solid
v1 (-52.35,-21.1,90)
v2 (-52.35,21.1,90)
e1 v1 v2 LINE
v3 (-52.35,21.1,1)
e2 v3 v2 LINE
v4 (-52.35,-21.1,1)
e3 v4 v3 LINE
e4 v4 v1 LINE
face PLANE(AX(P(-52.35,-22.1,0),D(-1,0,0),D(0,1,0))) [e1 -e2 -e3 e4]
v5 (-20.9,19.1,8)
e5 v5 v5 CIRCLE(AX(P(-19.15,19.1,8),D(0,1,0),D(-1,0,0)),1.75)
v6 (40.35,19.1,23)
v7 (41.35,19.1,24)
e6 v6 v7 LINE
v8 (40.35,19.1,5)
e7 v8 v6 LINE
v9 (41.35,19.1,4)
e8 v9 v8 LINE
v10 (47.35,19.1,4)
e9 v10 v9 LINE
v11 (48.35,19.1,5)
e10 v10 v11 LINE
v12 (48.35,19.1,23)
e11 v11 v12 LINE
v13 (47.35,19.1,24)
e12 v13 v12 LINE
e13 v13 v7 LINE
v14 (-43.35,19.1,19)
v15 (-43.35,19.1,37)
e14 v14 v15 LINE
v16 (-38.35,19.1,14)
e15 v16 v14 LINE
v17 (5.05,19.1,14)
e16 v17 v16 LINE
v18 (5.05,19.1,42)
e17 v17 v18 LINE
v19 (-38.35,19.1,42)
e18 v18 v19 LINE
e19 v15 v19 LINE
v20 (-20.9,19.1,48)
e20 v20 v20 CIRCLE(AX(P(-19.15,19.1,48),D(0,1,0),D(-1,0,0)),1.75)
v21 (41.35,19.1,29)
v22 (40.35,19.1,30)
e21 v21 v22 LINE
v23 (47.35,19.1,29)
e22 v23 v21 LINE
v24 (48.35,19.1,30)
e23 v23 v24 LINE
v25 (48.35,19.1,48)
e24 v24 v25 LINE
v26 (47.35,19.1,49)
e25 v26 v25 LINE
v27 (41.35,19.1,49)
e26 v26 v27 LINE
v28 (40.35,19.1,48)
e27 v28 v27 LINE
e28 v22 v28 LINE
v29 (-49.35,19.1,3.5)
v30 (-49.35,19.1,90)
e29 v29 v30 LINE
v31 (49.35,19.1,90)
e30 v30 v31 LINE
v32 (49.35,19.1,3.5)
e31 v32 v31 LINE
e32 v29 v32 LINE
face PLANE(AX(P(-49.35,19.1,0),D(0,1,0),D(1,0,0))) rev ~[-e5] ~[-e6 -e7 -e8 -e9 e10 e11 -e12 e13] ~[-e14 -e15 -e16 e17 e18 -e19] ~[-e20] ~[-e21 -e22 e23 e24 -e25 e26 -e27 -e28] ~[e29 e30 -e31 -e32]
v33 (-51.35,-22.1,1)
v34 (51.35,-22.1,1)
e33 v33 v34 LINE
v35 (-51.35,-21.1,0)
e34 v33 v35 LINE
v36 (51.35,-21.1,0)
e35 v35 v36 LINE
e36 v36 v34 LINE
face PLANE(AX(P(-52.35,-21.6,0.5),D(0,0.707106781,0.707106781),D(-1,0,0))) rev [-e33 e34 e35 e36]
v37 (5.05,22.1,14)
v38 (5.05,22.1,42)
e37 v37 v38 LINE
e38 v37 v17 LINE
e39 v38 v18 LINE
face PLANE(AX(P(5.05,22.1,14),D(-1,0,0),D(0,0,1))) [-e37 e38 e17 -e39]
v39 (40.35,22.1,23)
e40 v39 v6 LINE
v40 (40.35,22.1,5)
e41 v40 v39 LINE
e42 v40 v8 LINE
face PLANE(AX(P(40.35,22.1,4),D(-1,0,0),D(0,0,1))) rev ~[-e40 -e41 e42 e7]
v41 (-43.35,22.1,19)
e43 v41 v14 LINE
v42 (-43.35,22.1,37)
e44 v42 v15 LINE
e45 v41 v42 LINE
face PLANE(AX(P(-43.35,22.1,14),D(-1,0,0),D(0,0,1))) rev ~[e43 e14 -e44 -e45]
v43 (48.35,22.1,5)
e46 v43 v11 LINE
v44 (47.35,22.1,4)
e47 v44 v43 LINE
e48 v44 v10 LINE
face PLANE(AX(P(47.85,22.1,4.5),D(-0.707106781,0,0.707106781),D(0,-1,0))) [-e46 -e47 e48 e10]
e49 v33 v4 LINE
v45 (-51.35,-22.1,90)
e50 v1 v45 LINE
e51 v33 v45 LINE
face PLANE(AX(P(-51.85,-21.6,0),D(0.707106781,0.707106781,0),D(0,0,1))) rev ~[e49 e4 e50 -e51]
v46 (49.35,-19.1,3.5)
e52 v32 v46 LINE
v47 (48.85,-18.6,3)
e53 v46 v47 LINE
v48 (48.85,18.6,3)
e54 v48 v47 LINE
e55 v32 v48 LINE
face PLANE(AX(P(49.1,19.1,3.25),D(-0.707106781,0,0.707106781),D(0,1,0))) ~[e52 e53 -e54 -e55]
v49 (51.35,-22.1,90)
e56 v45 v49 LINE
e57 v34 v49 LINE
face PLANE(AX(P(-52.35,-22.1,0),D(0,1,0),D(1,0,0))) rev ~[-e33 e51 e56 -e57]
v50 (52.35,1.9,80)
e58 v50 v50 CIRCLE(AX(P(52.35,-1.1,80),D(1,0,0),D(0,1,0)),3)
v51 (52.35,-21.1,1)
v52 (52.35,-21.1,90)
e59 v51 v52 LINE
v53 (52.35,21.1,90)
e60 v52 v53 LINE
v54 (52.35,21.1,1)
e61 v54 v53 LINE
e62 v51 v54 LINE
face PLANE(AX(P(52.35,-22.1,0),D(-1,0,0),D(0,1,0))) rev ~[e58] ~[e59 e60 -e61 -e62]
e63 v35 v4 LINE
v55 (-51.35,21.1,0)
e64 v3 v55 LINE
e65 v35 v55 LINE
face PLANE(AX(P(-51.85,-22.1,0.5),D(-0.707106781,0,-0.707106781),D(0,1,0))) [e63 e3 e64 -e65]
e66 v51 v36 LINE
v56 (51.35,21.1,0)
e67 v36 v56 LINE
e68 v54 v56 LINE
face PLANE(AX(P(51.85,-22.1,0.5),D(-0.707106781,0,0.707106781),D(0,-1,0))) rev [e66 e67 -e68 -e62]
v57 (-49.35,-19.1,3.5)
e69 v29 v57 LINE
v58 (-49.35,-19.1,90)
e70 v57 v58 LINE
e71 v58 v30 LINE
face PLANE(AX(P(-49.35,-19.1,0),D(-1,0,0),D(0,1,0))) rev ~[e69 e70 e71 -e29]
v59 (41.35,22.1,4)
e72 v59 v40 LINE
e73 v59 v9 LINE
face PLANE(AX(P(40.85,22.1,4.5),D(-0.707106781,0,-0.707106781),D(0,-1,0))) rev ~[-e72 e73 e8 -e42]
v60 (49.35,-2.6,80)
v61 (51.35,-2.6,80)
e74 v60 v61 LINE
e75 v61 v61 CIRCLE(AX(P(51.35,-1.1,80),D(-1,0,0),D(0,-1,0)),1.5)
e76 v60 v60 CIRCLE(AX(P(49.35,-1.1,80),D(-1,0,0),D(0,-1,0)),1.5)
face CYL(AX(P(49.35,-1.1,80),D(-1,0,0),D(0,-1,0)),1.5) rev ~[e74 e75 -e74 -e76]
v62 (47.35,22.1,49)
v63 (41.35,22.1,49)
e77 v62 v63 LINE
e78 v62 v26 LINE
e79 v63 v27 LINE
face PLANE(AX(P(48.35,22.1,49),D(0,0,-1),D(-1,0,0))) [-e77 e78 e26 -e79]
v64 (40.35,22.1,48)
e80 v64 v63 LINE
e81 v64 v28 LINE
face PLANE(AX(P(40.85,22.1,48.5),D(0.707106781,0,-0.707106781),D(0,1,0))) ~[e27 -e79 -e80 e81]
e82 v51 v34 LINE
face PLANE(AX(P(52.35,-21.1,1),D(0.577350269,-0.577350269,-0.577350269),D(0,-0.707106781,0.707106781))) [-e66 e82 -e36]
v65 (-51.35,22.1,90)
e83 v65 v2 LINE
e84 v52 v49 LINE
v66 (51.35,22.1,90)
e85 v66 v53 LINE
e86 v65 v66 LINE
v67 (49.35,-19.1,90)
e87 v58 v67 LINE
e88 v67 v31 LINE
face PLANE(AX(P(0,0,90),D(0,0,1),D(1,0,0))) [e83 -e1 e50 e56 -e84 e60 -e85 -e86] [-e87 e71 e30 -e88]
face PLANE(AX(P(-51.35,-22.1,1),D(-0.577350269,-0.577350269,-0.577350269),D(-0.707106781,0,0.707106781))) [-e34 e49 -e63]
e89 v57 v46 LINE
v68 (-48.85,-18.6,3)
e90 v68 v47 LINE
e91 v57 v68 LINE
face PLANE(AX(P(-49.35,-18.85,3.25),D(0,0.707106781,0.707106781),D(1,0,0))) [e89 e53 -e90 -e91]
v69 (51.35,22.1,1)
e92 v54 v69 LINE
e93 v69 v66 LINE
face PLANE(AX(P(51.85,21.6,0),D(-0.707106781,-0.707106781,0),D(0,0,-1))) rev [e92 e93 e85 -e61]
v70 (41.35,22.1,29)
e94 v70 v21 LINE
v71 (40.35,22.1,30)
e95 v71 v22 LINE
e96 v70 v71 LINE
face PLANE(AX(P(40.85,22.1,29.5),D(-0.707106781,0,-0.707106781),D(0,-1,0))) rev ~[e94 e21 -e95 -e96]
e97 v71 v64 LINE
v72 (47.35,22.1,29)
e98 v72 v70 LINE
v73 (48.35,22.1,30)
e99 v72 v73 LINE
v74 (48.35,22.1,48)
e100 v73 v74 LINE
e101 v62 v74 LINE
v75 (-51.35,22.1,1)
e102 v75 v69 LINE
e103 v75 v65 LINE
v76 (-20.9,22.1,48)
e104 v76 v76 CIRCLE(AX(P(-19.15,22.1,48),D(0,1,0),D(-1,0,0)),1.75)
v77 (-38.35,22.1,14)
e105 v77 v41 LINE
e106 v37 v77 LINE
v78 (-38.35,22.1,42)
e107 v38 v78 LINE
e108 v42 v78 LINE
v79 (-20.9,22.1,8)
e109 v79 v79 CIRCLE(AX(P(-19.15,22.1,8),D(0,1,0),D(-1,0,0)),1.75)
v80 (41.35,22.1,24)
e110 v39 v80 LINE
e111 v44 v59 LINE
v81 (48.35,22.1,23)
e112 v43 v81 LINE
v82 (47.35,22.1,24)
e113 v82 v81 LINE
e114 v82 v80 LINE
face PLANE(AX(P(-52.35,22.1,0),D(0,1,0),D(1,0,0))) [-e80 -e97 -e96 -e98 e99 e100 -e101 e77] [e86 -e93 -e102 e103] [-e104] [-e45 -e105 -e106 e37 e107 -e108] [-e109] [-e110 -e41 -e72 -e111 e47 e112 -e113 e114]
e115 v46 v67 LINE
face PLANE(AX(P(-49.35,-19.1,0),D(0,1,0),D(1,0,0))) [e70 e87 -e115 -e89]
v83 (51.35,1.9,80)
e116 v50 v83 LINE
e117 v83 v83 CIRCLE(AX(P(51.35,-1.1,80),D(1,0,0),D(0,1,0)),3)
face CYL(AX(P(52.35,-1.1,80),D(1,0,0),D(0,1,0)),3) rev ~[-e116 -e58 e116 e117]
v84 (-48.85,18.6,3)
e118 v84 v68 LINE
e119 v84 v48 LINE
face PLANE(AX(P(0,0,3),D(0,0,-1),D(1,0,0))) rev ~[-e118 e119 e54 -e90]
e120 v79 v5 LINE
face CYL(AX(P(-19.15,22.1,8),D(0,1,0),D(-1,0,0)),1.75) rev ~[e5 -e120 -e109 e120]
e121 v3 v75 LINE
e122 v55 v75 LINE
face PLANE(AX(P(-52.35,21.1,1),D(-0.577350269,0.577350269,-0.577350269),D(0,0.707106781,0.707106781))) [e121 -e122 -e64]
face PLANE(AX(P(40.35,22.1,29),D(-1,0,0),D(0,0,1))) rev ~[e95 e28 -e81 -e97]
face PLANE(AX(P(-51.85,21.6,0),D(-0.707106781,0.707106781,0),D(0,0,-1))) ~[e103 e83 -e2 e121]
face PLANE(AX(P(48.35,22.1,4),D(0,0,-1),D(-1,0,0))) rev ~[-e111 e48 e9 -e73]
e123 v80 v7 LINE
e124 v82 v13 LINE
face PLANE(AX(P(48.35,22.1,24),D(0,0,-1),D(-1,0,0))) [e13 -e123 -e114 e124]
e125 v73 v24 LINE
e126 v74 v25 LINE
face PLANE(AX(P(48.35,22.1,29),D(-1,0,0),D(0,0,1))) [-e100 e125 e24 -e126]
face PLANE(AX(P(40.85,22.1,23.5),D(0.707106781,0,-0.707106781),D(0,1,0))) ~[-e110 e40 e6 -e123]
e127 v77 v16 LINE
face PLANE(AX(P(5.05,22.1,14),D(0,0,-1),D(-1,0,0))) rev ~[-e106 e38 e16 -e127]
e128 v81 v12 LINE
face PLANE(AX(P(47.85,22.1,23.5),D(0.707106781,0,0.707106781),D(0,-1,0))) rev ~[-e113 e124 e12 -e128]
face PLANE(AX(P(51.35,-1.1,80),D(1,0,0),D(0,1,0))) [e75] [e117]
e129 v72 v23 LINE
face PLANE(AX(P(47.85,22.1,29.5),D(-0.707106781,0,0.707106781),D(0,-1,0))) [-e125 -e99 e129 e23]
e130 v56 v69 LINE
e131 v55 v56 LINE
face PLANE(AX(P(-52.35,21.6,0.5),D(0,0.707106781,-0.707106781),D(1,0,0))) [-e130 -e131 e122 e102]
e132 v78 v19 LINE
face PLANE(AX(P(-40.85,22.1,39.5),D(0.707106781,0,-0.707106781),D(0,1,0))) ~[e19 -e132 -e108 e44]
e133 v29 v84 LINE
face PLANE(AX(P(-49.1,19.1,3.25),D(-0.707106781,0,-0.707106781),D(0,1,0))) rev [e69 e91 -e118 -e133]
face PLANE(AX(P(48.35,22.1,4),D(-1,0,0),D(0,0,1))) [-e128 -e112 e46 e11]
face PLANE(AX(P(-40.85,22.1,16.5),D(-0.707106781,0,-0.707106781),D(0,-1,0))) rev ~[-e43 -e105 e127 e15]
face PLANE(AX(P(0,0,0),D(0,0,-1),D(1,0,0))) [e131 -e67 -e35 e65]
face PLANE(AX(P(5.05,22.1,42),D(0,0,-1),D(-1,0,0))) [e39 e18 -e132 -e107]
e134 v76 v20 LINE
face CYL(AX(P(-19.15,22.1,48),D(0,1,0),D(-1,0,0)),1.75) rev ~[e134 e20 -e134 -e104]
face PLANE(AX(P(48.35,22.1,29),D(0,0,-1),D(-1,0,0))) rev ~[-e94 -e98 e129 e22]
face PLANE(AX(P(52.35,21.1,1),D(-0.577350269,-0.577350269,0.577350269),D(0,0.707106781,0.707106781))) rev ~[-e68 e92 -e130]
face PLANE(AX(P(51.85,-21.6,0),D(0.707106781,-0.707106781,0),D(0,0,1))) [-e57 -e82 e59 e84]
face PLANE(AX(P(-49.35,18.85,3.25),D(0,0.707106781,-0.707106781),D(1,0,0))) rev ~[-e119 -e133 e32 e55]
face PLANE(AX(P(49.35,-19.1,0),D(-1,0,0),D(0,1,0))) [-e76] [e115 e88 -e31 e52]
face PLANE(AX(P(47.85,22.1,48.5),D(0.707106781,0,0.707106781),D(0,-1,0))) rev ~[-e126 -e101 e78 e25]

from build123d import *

# Parameters (mm, degrees)
F0_W      = 104.7
F0_H      = 44.2
F0_W_2    = 98.7
F0_H_2    = 38.2
F1_DEPTH  = 90
F2_W      = 98.7
F2_H      = 38.2
F3_DEPTH  = 3
F4_R      = 1.5
F5_DEPTH  = 3
F6_R      = 3
F7_DEPTH  = 1
F8_W      = 48.4
F8_H      = 28
F8_R      = 1.75
F9_DEPTH  = 3
F10_SIZE  = 5
F11_W     = 8
F11_H     = 20
F12_DEPTH = 3
F13_SIZE  = 1
F14_SIZE  = 1
F15_SIZE  = 0.5


with BuildPart() as f1:
    # F0 (on Top) → F1 (new body)
    with BuildSketch(Plane.XY):
        Rectangle(F0_W, F0_H)
        Rectangle(F0_W_2, F0_H_2, mode=Mode.SUBTRACT)
    extrude(amount=F1_DEPTH)

    # F2 (on face) → F3 (join)
    with BuildSketch(Plane(origin=(0, 0, 0), x_dir=(1, 0, 0), z_dir=(0, 0, -1))):
        Rectangle(F2_W, F2_H)
    extrude(amount=-F3_DEPTH)

    # F4 (on face) → F5 (cut)
    with BuildSketch(Plane(origin=(49.35, 0, 0), x_dir=(0, -1, 0), z_dir=(-1, 0, 0))):
        with Locations((1.1, 80)):
            Circle(F4_R)
    extrude(amount=-F5_DEPTH, mode=Mode.SUBTRACT)

    # F6 (on face) → F7 (cut)
    with BuildSketch(Plane.YZ.offset(52.35)):
        with Locations((-1.1, 80)):
            Circle(F6_R)
    extrude(amount=-F7_DEPTH, mode=Mode.SUBTRACT)

    # F8 (on face) → F9 (cut)
    with BuildSketch(Plane(origin=(0, 22.1, 0), x_dir=(-1, 0, 0), z_dir=(0, 1, 0))):
        with Locations((19.15, 28)):
            Rectangle(F8_W, F8_H)
        with Locations((19.15, 8)):
            Circle(F8_R)
        with Locations((19.15, 48)):
            Circle(F8_R)
    extrude(amount=-F9_DEPTH, mode=Mode.SUBTRACT)

    # F10
    f10_edges = [f1.edges().sort_by_distance(p)[0] for p in [
        (-43.35, 20.6, 42),
        (-43.35, 20.6, 14),
    ]]
    chamfer(f10_edges, length=F10_SIZE)

    # F11 (on face) → F12 (cut)
    with BuildSketch(Plane(origin=(0, 22.1, 0), x_dir=(-1, 0, 0), z_dir=(0, 1, 0))):
        with Locations((-44.35, 14)):
            Rectangle(F11_W, F11_H)
        with Locations((-44.35, 39)):
            Rectangle(F11_W, F11_H)
    extrude(amount=-F12_DEPTH, mode=Mode.SUBTRACT)

    # F13
    f13_edges = [f1.edges().sort_by_distance(p)[0] for p in [
        (40.35, 20.6, 24),
        (48.35, 20.6, 24),
        (48.35, 20.6, 4),
        (40.35, 20.6, 4),
        (48.35, 20.6, 29),
        (40.35, 20.6, 29),
        (40.35, 20.6, 49),
        (48.35, 20.6, 49),
    ]]
    chamfer(f13_edges, length=F13_SIZE)

    # F14
    f14_edges = [f1.edges().sort_by_distance(p)[0] for p in [
        (0, 22.1, 0),
        (-52.35, 0, 0),
        (0, -22.1, 0),
        (52.35, 0, 0),
        (52.35, 22.1, 45),
        (52.35, -22.1, 45),
        (-52.35, -22.1, 45),
        (-52.35, 22.1, 45),
    ]]
    chamfer(f14_edges, length=F14_SIZE)

    # F15
    f15_edges = [f1.edges().sort_by_distance(p)[0] for p in [
        (0, -19.1, 3),
        (-49.35, 0, 3),
        (0, 19.1, 3),
        (49.35, 0, 3),
    ]]
    chamfer(f15_edges, length=F15_SIZE)


solid = f1.part
